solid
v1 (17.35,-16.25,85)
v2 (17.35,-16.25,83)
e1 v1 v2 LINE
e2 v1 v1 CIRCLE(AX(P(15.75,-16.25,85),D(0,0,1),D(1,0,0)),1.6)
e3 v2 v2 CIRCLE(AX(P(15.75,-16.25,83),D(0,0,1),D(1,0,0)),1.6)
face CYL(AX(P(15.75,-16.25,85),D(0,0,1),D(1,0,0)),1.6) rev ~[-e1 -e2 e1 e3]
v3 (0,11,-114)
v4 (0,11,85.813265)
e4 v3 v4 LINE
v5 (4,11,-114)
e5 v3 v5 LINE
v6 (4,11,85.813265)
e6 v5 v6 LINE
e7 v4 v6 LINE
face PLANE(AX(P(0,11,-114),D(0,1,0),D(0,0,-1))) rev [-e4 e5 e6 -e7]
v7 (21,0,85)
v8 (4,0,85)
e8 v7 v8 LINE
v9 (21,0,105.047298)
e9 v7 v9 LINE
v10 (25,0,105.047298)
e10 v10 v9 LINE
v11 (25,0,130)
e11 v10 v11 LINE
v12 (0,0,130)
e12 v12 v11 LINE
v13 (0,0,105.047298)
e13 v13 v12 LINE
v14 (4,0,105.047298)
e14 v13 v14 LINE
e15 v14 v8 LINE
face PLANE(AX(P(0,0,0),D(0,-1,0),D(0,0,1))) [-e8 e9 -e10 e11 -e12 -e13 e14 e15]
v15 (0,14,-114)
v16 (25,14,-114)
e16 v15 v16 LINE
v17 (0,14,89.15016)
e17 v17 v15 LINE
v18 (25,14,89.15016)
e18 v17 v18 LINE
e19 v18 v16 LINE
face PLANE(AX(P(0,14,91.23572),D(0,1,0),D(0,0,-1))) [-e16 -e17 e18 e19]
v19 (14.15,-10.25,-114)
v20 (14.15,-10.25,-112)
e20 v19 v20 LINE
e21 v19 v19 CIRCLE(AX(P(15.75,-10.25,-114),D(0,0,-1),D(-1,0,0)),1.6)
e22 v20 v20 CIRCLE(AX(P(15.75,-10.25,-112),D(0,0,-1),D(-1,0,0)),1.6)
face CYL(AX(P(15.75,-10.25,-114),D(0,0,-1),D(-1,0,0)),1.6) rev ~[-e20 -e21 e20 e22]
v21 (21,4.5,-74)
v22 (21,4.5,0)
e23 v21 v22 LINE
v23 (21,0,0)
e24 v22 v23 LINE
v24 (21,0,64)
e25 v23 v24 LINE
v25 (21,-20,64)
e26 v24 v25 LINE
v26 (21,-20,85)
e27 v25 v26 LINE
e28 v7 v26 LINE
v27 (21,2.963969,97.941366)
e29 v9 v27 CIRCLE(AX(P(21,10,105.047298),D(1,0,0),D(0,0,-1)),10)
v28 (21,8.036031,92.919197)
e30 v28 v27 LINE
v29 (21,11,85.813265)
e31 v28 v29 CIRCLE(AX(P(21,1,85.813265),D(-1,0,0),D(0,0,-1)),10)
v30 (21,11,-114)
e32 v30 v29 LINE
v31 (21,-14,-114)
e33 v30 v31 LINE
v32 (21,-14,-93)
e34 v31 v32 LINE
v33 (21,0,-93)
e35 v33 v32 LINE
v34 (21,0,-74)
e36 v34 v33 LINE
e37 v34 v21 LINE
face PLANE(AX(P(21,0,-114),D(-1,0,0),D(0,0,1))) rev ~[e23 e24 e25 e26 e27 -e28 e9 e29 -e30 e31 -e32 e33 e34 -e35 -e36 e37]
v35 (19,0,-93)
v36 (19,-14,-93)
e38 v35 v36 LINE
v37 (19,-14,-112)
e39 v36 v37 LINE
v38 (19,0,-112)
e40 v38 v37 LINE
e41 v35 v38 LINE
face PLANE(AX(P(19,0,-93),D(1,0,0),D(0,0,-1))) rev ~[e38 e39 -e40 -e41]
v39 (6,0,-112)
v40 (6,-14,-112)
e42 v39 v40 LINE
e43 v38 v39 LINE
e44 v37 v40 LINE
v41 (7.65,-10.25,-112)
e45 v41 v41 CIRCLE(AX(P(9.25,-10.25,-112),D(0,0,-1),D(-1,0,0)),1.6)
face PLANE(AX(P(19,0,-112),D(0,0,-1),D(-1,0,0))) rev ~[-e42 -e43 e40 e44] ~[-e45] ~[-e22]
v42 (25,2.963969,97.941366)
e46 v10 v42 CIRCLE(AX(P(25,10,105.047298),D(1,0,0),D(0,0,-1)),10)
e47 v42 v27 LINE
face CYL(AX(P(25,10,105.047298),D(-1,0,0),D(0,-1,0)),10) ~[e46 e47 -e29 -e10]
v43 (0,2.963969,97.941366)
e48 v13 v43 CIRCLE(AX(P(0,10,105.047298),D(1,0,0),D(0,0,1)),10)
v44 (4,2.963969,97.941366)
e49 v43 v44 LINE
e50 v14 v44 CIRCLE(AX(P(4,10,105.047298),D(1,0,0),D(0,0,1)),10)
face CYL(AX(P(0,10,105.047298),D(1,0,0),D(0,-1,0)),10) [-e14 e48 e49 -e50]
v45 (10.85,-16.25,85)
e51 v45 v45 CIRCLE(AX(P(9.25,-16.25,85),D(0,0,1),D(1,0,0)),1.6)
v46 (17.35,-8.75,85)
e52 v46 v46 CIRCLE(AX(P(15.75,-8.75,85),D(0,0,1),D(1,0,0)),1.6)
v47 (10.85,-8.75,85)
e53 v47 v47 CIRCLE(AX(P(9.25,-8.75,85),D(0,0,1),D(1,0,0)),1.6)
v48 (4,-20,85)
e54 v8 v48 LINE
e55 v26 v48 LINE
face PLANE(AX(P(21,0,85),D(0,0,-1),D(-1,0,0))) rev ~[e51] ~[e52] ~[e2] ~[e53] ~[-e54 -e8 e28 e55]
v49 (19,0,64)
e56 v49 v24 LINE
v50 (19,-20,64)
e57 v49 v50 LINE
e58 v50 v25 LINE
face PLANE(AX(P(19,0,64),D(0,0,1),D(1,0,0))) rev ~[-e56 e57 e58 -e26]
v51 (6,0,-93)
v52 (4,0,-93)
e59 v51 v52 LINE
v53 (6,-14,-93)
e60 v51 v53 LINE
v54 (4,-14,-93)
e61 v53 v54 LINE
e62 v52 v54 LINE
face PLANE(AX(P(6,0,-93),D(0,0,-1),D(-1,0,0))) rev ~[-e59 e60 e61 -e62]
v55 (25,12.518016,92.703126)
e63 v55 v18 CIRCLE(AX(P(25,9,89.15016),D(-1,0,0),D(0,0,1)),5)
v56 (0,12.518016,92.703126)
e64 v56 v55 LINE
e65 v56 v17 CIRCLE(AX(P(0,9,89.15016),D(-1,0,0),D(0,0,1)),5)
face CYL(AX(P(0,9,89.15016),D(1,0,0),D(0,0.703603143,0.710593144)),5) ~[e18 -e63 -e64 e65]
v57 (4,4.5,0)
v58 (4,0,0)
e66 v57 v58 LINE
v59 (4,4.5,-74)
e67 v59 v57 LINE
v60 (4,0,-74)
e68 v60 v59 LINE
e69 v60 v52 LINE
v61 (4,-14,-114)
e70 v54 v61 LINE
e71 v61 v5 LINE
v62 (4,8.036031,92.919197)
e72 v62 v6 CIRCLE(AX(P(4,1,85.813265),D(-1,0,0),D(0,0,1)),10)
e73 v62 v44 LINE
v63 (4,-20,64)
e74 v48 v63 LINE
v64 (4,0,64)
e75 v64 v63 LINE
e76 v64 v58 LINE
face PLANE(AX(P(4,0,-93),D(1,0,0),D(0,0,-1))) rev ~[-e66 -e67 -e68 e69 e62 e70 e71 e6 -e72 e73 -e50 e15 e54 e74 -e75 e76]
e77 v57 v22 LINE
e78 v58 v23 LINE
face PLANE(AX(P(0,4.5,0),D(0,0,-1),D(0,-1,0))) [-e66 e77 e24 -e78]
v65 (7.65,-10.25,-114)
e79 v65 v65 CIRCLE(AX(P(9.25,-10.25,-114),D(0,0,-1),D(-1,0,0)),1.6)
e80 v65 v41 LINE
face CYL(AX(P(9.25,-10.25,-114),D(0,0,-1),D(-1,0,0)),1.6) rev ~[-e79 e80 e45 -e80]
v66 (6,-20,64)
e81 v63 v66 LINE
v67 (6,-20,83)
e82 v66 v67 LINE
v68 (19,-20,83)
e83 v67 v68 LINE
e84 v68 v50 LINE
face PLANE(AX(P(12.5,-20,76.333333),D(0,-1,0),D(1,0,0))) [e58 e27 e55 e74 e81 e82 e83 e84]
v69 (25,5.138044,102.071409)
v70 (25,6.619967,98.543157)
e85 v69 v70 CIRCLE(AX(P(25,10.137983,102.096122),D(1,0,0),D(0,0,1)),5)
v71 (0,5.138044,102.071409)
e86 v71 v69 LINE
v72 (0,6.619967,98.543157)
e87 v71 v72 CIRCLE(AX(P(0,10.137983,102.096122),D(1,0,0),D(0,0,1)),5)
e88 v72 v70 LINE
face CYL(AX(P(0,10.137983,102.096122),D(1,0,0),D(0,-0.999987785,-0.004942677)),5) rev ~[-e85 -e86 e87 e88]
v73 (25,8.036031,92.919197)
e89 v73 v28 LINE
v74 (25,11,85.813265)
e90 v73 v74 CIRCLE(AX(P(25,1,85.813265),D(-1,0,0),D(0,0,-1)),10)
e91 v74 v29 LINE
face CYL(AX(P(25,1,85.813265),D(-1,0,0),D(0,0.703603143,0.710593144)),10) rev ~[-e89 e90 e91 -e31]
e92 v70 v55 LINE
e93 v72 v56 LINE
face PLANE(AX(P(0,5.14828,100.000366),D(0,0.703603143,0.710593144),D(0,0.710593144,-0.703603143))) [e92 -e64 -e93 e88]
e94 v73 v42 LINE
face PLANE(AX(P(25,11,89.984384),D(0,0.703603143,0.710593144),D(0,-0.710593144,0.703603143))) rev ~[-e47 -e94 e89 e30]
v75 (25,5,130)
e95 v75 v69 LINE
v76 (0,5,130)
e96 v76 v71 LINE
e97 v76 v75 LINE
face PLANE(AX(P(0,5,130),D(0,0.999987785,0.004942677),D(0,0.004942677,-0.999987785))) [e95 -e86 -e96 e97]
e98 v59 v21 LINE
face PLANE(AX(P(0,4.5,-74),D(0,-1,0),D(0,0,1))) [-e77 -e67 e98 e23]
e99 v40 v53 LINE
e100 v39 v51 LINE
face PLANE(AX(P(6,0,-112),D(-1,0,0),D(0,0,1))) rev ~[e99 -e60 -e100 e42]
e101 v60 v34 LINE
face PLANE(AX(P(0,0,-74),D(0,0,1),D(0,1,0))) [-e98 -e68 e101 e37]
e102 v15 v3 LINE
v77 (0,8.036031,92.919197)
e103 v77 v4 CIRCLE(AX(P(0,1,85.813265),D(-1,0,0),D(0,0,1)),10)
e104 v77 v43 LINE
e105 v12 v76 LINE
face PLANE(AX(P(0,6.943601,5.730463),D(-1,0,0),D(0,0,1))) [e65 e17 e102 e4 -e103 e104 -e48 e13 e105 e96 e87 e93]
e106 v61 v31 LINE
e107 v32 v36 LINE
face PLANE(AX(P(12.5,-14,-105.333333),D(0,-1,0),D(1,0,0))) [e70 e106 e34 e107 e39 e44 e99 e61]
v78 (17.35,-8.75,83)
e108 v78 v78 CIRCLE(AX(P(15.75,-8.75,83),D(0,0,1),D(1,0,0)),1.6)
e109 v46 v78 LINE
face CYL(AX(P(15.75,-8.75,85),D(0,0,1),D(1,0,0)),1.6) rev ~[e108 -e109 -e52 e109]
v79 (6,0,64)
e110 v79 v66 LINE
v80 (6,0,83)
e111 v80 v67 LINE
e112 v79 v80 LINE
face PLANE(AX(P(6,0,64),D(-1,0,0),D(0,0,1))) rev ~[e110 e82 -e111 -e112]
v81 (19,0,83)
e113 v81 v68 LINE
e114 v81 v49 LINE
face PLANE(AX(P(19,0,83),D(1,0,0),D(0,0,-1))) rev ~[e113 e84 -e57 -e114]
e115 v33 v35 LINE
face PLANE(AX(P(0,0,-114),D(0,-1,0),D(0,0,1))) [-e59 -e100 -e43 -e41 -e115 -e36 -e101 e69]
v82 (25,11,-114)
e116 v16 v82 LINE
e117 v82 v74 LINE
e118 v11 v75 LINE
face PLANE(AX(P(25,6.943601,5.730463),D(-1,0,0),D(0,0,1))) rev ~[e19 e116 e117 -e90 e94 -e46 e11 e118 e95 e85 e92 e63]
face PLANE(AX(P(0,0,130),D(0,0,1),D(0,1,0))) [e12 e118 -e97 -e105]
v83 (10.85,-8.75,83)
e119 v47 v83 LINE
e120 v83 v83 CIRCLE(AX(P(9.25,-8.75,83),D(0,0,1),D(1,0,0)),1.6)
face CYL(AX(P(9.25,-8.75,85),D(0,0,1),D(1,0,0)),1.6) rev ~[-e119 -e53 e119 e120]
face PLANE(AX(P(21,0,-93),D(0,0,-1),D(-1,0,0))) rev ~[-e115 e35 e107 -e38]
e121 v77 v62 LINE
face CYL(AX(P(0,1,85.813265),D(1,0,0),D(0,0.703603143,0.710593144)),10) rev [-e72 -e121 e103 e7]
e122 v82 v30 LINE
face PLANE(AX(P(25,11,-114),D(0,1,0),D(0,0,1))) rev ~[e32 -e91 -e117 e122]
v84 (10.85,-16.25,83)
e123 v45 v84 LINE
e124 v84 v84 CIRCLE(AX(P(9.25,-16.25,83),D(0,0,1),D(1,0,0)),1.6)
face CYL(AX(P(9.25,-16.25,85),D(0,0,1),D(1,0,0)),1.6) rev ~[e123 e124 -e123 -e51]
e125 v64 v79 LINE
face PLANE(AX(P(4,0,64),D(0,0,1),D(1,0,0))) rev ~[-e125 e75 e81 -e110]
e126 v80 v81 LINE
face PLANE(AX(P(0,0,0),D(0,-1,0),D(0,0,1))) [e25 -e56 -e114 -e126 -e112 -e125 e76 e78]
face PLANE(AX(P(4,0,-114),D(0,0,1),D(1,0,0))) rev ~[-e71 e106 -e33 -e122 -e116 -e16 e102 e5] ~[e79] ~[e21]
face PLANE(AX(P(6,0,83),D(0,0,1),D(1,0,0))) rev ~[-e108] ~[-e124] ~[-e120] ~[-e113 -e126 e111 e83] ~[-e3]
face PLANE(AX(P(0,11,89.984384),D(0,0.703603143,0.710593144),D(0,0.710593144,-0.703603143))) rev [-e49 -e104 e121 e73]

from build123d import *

# Parameters (mm, degrees)
BOSS_EXTRUDE1_DEPTH = 25
CUT_EXTRUDE2_DEPTH  = 4
FILLET6_R           = 10
FILLET7_R           = 5
BOSS_EXTRUDE2_DEPTH = 20
SKETCH8_R           = 1.6
CUT_EXTRUDE3_DEPTH  = 2
BOSS_EXTRUDE3_DEPTH = 14
SKETCH11_R          = 1.6
CUT_EXTRUDE4_DEPTH  = 2


with BuildPart() as part:
    # Sketch1 → Boss-Extrude1 (new body)
    with BuildSketch(Plane(origin=(0, 0, 0), x_dir=(0, 0, -1), z_dir=(1, 0, 0))):
        Polygon((0, 0), (-130, 0), (-130, 5), (-100.000366453, 5.148280317), (-91.235719846, 14), (114, 14), (114, 0), (74, 0), (74, 4.5), (0, 4.5), align=None)
    extrude(amount=BOSS_EXTRUDE1_DEPTH)

    # Sketch6 → Cut-Extrude2 (cut)
    with BuildSketch(Plane(origin=(25, 0, 0), x_dir=(0, 0, -1), z_dir=(1, 0, 0))):
        Polygon((-100.876178749, 0), (114, 0), (114, 11), (-89.984384146, 11), align=None)
    cut_extrude2 = extrude(amount=-CUT_EXTRUDE2_DEPTH, mode=Mode.SUBTRACT)

    # Mirror3: Cut-Extrude2 across plane
    add(cut_extrude2.mirror(Plane(origin=(12.5, 0, 0), x_dir=(0, 0, 1), z_dir=(1, 0, 0))), mode=Mode.SUBTRACT)

    # Fillet6
    fillet6_edges = [part.edges().sort_by_distance(p)[0] for p in [
        (23, 0, 100.876178749),
        (23, 11, 89.984384146),
        (2, 0, 100.876178749),
        (2, 11, 89.984384146),
    ]]
    fillet(fillet6_edges, radius=FILLET6_R)

    # Fillet7
    fillet7_edges = [part.edges().sort_by_distance(p)[0] for p in [
        (12.5, 5.148280317, 100.000366453),
        (12.5, 14, 91.235719846),
    ]]
    fillet(fillet7_edges, radius=FILLET7_R)

    # Sketch7 → Boss-Extrude2 (add)
    with BuildSketch(Plane.XZ):
        Polygon((21, 85), (4, 85), (4, 64), (6, 64), (6, 83), (19, 83), (19, 64), (21, 64), align=None)
    extrude(amount=BOSS_EXTRUDE2_DEPTH)

    # Sketch8 → Cut-Extrude3 (cut)
    with BuildSketch(Plane.XY.offset(85)):
        with Locations((15.75, -16.25)):
            Circle(SKETCH8_R)
        with Locations((9.25, -16.25)):
            Circle(SKETCH8_R)
        with Locations((9.25, -8.75)):
            Circle(SKETCH8_R)
        with Locations((15.75, -8.75)):
            Circle(SKETCH8_R)
    extrude(amount=-CUT_EXTRUDE3_DEPTH, mode=Mode.SUBTRACT)

    # Sketch9 → Boss-Extrude3 (add)
    with BuildSketch(Plane.XZ):
        Polygon((4, -114), (21, -114), (21, -93), (19, -93), (19, -112), (6, -112), (6, -93), (4, -93), align=None)
    extrude(amount=BOSS_EXTRUDE3_DEPTH)

    # Sketch11 → Cut-Extrude4 (cut)
    with BuildSketch(Plane(origin=(0, 0, -114), x_dir=(-1, 0, 0), z_dir=(0, 0, -1))):
        with Locations((-9.25, -10.25)):
            Circle(SKETCH11_R)
        with Locations((-15.75, -10.25)):
            Circle(SKETCH11_R)
    extrude(amount=-CUT_EXTRUDE4_DEPTH, mode=Mode.SUBTRACT)


solid = part.part
